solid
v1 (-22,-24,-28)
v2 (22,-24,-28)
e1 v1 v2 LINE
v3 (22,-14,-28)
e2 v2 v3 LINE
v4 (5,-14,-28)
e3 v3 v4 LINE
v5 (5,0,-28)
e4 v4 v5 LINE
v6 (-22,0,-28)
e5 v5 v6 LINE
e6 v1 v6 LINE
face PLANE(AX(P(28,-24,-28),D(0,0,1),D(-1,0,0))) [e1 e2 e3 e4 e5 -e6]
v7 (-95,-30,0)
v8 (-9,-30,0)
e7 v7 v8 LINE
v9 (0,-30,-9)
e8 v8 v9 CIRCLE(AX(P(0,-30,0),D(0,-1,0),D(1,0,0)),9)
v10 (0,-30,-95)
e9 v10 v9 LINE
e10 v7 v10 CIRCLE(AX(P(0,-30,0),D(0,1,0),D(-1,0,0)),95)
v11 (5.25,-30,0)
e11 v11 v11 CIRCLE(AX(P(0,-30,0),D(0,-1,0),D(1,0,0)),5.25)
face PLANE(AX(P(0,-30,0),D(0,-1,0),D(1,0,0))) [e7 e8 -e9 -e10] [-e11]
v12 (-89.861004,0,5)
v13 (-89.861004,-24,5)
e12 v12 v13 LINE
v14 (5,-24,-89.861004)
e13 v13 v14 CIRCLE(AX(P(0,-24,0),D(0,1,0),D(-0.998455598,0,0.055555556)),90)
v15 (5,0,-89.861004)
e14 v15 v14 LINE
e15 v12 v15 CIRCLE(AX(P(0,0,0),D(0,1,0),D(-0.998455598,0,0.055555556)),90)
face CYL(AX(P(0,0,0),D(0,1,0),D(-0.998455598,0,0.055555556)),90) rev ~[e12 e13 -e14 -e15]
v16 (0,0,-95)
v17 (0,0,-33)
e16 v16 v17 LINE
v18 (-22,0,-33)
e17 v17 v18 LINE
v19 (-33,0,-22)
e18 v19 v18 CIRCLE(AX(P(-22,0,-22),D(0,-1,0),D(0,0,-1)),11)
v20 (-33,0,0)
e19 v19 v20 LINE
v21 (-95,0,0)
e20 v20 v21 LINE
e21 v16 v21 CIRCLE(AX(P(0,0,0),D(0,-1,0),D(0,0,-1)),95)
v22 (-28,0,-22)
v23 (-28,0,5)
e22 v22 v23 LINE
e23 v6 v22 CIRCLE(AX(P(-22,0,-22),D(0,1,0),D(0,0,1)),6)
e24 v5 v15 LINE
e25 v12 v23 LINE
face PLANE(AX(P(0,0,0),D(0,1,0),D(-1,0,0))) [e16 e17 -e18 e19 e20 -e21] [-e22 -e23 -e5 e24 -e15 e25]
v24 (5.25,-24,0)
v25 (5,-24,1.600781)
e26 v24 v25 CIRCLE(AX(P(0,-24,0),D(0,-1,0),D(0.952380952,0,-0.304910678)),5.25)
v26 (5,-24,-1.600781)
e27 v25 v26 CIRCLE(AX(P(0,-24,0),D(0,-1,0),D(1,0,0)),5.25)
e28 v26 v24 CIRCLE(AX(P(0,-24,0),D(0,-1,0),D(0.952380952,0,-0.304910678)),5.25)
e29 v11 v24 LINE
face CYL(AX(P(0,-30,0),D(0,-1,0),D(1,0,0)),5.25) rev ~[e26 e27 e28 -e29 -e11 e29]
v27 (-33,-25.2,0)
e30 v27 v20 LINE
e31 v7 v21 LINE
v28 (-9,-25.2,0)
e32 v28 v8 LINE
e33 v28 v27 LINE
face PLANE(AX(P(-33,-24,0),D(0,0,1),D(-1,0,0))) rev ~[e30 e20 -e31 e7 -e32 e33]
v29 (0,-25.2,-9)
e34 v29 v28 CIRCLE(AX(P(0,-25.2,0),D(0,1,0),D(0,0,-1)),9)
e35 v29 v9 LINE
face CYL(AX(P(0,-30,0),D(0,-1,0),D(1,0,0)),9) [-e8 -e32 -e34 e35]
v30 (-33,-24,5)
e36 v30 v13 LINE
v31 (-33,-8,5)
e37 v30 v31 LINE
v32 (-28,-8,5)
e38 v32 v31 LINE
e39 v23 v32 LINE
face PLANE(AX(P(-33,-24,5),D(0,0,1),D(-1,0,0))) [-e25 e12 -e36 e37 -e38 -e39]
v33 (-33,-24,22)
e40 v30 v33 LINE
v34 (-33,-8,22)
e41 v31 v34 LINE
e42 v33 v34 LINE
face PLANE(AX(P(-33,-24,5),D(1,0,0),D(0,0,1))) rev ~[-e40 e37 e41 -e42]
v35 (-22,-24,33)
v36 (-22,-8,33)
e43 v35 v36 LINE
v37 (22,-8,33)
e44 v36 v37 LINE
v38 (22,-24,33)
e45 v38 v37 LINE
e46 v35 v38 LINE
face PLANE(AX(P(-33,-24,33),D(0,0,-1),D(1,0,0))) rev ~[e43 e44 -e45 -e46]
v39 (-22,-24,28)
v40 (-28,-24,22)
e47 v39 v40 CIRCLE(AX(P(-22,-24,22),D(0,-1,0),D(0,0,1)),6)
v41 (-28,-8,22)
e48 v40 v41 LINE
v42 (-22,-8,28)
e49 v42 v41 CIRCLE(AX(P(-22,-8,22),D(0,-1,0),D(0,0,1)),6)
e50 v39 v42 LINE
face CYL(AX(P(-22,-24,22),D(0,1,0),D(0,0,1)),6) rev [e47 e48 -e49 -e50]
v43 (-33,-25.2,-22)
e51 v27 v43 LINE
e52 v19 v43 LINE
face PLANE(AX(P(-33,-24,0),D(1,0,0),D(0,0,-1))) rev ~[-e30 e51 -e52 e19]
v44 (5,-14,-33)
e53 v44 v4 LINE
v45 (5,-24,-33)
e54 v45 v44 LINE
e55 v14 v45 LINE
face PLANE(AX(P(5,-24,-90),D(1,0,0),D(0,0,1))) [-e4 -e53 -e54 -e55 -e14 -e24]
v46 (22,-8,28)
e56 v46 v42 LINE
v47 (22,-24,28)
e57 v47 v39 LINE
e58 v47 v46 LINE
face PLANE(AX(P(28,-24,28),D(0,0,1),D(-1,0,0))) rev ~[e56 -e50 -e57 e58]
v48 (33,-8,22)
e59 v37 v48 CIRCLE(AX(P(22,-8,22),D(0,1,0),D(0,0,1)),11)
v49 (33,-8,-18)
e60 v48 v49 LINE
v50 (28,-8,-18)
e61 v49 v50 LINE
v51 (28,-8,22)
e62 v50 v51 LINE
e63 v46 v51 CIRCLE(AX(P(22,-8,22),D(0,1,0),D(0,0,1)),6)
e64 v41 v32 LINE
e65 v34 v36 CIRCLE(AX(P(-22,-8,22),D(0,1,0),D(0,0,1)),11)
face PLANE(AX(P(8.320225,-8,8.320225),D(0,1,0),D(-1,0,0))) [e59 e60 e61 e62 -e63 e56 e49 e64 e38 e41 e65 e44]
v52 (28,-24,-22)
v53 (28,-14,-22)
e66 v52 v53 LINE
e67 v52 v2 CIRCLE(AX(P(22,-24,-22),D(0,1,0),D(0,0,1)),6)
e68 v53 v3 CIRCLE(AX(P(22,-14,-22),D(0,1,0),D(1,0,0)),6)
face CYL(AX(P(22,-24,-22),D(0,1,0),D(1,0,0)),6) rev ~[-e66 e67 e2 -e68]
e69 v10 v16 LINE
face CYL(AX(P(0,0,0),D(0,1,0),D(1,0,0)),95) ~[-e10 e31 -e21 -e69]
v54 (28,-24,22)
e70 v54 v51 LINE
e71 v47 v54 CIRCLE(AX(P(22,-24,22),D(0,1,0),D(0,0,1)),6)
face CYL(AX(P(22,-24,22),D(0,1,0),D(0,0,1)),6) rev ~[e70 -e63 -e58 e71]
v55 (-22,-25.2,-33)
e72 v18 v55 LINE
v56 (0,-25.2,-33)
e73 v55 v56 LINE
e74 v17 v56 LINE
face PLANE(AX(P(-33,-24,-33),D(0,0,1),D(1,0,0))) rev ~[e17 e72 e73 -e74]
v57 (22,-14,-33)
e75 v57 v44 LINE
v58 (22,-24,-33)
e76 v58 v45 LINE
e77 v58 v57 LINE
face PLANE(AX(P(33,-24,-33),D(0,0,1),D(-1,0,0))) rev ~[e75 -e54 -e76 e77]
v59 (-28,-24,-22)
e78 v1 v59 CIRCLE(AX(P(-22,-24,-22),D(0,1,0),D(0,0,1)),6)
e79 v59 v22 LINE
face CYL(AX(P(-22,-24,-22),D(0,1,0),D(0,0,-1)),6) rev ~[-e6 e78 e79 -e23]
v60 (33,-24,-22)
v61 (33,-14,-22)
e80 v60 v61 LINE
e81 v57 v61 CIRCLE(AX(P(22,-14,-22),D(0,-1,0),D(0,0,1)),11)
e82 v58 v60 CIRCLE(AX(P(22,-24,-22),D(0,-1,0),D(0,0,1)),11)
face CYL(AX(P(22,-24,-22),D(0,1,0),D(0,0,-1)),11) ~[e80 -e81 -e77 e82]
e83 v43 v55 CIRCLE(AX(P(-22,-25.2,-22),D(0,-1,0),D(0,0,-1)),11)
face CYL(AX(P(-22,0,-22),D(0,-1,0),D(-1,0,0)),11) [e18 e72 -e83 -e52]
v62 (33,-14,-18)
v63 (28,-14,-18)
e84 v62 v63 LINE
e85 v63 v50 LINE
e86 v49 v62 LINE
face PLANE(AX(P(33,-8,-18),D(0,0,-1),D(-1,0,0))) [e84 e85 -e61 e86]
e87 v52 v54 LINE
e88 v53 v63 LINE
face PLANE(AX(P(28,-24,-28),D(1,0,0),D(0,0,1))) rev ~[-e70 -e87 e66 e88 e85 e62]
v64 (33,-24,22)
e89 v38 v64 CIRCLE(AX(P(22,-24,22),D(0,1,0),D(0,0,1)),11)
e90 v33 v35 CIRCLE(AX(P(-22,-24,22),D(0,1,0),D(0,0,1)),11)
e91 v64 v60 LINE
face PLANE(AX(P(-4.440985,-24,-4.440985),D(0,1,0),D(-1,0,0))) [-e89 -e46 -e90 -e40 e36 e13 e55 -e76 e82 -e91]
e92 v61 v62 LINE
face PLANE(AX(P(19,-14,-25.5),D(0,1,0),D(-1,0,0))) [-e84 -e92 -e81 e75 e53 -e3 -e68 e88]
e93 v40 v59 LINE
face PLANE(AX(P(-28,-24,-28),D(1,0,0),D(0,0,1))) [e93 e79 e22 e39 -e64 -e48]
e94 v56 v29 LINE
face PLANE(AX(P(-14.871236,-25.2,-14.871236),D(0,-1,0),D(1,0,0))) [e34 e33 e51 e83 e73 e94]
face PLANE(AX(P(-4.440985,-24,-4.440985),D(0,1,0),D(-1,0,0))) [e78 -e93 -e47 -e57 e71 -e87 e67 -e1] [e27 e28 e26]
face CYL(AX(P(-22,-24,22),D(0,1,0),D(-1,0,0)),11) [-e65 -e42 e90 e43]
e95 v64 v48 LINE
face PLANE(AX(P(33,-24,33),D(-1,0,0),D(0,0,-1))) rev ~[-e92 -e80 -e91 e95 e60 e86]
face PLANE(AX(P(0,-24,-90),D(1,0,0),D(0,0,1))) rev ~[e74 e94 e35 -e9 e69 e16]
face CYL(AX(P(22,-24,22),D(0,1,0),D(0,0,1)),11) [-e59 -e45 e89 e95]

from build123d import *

# Parameters (mm, degrees)
F0_R      = 95
F1_DEPTH  = 30
F2_W      = 95
F2_H      = 95
F3_DEPTH  = 40
F4_R      = 9
F5_DEPTH  = 30
F6_R      = 5.25
F7_DEPTH  = 40
F9_DEPTH  = 24
F10_W     = 56
F10_H     = 56
F10_W_2   = 57
F10_H_2   = 5
F10_W_3   = 5
F10_H_3   = 57
F11_DEPTH = 24
F13_DEPTH = 1.2
F15_DEPTH = 8
F16_R     = 6
F17_W     = 28
F17_H     = 15
F18_DEPTH = 6
F19_R     = 11


with BuildPart() as f1:
    # F0 (on Front) → F1 (new body)
    with BuildSketch(Plane.XZ):
        Circle(F0_R)
    extrude(amount=F1_DEPTH)

    # F2 (on face) → F3 (cut)
    with BuildSketch(Plane.XZ.offset(30)):
        with Locations((-47.5, -47.5)):
            Rectangle(F2_W, F2_H)
    extrude(amount=-F3_DEPTH, mode=Mode.SUBTRACT)

    # F4 (on face) → F5 (join)
    with BuildSketch(Plane.XZ.offset(30)):
        Circle(F4_R)
    extrude(amount=-F5_DEPTH)

    # F6 (on face) → F7 (cut)
    with BuildSketch(Plane.XZ.offset(30)):
        Circle(F6_R)
    extrude(amount=-F7_DEPTH, mode=Mode.SUBTRACT)

    # F8 (on face) → F9 (cut)
    with BuildSketch(Plane(origin=(0, 0, 0), x_dir=(-1, 0, 0), z_dir=(0, 1, 0))):
        with BuildLine():
            ThreePointArc((0, -9), (6.3639610307, -6.3639610307), (9, 0))
            Line((9, 0), (5.25, 0))
            ThreePointArc((5.25, 0), (3.7123106012, -3.7123106012), (0, -5.25))
            Line((0, -5.25), (0, -9))
        make_face()
        with BuildLine():
            ThreePointArc((0, -5.25), (3.7123106012, -3.7123106012), (5.25, 0))
            Line((5.25, 0), (0, 0))
            Line((0, 0), (0, -5.25))
        make_face()
        with BuildLine():
            ThreePointArc((-5, 1.6007810594), (-3.7123106012, 3.7123106012), (-1.6007810594, 5))
            Line((-1.6007810594, 5), (-5, 5))
            Line((-5, 5), (-5, 1.6007810594))
        make_face()
        with BuildLine():
            Line((-1.6007810594, 5), (1.6007810594, 5))
            ThreePointArc((1.6007810594, 5), (0, 5.25), (-1.6007810594, 5))
        make_face()
        with BuildLine():
            Line((1.6007810594, 5), (89.8610037781, 5))
            ThreePointArc((89.8610037781, 5), (-63.6396103068, 63.6396103068), (-5, -89.8610037781))
            Line((-5, -89.8610037781), (-5, -1.6007810594))
            ThreePointArc((-5, -1.6007810594), (-5.25, 0), (-5, 1.6007810594))
            Line((-5, 1.6007810594), (-5, 5))
            Line((-5, 5), (-1.6007810594, 5))
            ThreePointArc((-1.6007810594, 5), (0, 5.25), (1.6007810594, 5))
        make_face()
        with BuildLine():
            ThreePointArc((0, -90), (63.6396103068, -63.6396103068), (90, 0))
            Line((90, 0), (9, 0))
            ThreePointArc((9, 0), (6.3639610307, -6.3639610307), (0, -9))
            Line((0, -9), (0, -90))
        make_face()
        with BuildLine():
            Line((9, 0), (90, 0))
            ThreePointArc((90, 0), (89.9652442336, 2.5009658109), (89.8610037781, 5))
            Line((89.8610037781, 5), (1.6007810594, 5))
            ThreePointArc((1.6007810594, 5), (4.2406721496, 3.0950282259), (5.25, 0))
            Line((5.25, 0), (9, 0))
        make_face()
        with BuildLine():
            ThreePointArc((-5, -89.8610037781), (-2.5009658109, -89.9652442336), (0, -90))
            Line((0, -90), (0, -9))
            Line((0, -9), (0, -5.25))
            ThreePointArc((0, -5.25), (-3.0950282259, -4.2406721496), (-5, -1.6007810594))
            Line((-5, -1.6007810594), (-5, -89.8610037781))
        make_face()
        with BuildLine():
            ThreePointArc((5.25, 0), (4.2406721496, 3.0950282259), (1.6007810594, 5))
            Line((1.6007810594, 5), (-1.6007810594, 5))
            ThreePointArc((-1.6007810594, 5), (-3.7123106012, 3.7123106012), (-5, 1.6007810594))
            Line((-5, 1.6007810594), (-5, -1.6007810594))
            ThreePointArc((-5, -1.6007810594), (-3.0950282259, -4.2406721496), (0, -5.25))
            Line((0, -5.25), (0, 0))
            Line((0, 0), (5.25, 0))
        make_face()
    extrude(amount=-F9_DEPTH, mode=Mode.SUBTRACT)

    # F10 (on face) → F11 (join)
    with BuildSketch(Plane(origin=(0, -24, 0), x_dir=(-1, 0, 0), z_dir=(0, 1, 0))):
        Polygon((33, 5), (33, 33), (-33, 33), (-33, -33), (-5, -33), (0, -33), (33, -33), (33, 0), align=None)
        Rectangle(F10_W, F10_H, mode=Mode.SUBTRACT)
        with Locations((61.5, 2.5)):
            Rectangle(F10_W_2, F10_H_2)
        with Locations((-2.5, -61.5)):
            Rectangle(F10_W_3, F10_H_3)
    extrude(amount=F11_DEPTH)

    # F12 (on face) → F13 (join)
    with BuildSketch(Plane.XZ.offset(24)):
        with BuildLine():
            Line((-28, 0), (-28, -28))
            Line((-28, -28), (0, -28))
            Line((0, -28), (0, -9))
            ThreePointArc((0, -9), (-6.3639610307, -6.3639610307), (-9, 0))
            Line((-9, 0), (-28, 0))
        make_face()
        Polygon((0, -28), (-28, -28), (-28, 0), (-33, 0), (-33, -33), (0, -33), align=None)
    extrude(amount=F13_DEPTH)

    # F14 (on face) → F15 (cut)
    with BuildSketch(Plane(origin=(0, 0, 0), x_dir=(-1, 0, 0), z_dir=(0, 1, 0))):
        Polygon((33, 33), (-33, 33), (-33, -33), (-5, -33), (-5, -28), (-28, -28), (-28, 28), (28, 28), (28, 5), (33, 5), align=None)
    extrude(amount=-F15_DEPTH, mode=Mode.SUBTRACT)

    # F16
    f16_edges = [f1.edges().sort_by_distance(p)[0] for p in [
        (-28, -12, -28),
        (28, -16, -28),
        (28, -16, 28),
        (-28, -16, 28),
    ]]
    fillet(f16_edges, radius=F16_R)

    # F17 (on face) → F18 (cut)
    with BuildSketch(Plane(origin=(0, -8, 0), x_dir=(-1, 0, 0), z_dir=(0, 1, 0))):
        with Locations((-19, -25.5)):
            Rectangle(F17_W, F17_H)
    extrude(amount=-F18_DEPTH, mode=Mode.SUBTRACT)

    # F19
    f19_edges = [f1.edges().sort_by_distance(p)[0] for p in [
        (33, -19, -33),
        (-33, -12.6, -33),
        (33, -16, 33),
        (-33, -16, 33),
    ]]
    fillet(f19_edges, radius=F19_R)


solid = f1.part
